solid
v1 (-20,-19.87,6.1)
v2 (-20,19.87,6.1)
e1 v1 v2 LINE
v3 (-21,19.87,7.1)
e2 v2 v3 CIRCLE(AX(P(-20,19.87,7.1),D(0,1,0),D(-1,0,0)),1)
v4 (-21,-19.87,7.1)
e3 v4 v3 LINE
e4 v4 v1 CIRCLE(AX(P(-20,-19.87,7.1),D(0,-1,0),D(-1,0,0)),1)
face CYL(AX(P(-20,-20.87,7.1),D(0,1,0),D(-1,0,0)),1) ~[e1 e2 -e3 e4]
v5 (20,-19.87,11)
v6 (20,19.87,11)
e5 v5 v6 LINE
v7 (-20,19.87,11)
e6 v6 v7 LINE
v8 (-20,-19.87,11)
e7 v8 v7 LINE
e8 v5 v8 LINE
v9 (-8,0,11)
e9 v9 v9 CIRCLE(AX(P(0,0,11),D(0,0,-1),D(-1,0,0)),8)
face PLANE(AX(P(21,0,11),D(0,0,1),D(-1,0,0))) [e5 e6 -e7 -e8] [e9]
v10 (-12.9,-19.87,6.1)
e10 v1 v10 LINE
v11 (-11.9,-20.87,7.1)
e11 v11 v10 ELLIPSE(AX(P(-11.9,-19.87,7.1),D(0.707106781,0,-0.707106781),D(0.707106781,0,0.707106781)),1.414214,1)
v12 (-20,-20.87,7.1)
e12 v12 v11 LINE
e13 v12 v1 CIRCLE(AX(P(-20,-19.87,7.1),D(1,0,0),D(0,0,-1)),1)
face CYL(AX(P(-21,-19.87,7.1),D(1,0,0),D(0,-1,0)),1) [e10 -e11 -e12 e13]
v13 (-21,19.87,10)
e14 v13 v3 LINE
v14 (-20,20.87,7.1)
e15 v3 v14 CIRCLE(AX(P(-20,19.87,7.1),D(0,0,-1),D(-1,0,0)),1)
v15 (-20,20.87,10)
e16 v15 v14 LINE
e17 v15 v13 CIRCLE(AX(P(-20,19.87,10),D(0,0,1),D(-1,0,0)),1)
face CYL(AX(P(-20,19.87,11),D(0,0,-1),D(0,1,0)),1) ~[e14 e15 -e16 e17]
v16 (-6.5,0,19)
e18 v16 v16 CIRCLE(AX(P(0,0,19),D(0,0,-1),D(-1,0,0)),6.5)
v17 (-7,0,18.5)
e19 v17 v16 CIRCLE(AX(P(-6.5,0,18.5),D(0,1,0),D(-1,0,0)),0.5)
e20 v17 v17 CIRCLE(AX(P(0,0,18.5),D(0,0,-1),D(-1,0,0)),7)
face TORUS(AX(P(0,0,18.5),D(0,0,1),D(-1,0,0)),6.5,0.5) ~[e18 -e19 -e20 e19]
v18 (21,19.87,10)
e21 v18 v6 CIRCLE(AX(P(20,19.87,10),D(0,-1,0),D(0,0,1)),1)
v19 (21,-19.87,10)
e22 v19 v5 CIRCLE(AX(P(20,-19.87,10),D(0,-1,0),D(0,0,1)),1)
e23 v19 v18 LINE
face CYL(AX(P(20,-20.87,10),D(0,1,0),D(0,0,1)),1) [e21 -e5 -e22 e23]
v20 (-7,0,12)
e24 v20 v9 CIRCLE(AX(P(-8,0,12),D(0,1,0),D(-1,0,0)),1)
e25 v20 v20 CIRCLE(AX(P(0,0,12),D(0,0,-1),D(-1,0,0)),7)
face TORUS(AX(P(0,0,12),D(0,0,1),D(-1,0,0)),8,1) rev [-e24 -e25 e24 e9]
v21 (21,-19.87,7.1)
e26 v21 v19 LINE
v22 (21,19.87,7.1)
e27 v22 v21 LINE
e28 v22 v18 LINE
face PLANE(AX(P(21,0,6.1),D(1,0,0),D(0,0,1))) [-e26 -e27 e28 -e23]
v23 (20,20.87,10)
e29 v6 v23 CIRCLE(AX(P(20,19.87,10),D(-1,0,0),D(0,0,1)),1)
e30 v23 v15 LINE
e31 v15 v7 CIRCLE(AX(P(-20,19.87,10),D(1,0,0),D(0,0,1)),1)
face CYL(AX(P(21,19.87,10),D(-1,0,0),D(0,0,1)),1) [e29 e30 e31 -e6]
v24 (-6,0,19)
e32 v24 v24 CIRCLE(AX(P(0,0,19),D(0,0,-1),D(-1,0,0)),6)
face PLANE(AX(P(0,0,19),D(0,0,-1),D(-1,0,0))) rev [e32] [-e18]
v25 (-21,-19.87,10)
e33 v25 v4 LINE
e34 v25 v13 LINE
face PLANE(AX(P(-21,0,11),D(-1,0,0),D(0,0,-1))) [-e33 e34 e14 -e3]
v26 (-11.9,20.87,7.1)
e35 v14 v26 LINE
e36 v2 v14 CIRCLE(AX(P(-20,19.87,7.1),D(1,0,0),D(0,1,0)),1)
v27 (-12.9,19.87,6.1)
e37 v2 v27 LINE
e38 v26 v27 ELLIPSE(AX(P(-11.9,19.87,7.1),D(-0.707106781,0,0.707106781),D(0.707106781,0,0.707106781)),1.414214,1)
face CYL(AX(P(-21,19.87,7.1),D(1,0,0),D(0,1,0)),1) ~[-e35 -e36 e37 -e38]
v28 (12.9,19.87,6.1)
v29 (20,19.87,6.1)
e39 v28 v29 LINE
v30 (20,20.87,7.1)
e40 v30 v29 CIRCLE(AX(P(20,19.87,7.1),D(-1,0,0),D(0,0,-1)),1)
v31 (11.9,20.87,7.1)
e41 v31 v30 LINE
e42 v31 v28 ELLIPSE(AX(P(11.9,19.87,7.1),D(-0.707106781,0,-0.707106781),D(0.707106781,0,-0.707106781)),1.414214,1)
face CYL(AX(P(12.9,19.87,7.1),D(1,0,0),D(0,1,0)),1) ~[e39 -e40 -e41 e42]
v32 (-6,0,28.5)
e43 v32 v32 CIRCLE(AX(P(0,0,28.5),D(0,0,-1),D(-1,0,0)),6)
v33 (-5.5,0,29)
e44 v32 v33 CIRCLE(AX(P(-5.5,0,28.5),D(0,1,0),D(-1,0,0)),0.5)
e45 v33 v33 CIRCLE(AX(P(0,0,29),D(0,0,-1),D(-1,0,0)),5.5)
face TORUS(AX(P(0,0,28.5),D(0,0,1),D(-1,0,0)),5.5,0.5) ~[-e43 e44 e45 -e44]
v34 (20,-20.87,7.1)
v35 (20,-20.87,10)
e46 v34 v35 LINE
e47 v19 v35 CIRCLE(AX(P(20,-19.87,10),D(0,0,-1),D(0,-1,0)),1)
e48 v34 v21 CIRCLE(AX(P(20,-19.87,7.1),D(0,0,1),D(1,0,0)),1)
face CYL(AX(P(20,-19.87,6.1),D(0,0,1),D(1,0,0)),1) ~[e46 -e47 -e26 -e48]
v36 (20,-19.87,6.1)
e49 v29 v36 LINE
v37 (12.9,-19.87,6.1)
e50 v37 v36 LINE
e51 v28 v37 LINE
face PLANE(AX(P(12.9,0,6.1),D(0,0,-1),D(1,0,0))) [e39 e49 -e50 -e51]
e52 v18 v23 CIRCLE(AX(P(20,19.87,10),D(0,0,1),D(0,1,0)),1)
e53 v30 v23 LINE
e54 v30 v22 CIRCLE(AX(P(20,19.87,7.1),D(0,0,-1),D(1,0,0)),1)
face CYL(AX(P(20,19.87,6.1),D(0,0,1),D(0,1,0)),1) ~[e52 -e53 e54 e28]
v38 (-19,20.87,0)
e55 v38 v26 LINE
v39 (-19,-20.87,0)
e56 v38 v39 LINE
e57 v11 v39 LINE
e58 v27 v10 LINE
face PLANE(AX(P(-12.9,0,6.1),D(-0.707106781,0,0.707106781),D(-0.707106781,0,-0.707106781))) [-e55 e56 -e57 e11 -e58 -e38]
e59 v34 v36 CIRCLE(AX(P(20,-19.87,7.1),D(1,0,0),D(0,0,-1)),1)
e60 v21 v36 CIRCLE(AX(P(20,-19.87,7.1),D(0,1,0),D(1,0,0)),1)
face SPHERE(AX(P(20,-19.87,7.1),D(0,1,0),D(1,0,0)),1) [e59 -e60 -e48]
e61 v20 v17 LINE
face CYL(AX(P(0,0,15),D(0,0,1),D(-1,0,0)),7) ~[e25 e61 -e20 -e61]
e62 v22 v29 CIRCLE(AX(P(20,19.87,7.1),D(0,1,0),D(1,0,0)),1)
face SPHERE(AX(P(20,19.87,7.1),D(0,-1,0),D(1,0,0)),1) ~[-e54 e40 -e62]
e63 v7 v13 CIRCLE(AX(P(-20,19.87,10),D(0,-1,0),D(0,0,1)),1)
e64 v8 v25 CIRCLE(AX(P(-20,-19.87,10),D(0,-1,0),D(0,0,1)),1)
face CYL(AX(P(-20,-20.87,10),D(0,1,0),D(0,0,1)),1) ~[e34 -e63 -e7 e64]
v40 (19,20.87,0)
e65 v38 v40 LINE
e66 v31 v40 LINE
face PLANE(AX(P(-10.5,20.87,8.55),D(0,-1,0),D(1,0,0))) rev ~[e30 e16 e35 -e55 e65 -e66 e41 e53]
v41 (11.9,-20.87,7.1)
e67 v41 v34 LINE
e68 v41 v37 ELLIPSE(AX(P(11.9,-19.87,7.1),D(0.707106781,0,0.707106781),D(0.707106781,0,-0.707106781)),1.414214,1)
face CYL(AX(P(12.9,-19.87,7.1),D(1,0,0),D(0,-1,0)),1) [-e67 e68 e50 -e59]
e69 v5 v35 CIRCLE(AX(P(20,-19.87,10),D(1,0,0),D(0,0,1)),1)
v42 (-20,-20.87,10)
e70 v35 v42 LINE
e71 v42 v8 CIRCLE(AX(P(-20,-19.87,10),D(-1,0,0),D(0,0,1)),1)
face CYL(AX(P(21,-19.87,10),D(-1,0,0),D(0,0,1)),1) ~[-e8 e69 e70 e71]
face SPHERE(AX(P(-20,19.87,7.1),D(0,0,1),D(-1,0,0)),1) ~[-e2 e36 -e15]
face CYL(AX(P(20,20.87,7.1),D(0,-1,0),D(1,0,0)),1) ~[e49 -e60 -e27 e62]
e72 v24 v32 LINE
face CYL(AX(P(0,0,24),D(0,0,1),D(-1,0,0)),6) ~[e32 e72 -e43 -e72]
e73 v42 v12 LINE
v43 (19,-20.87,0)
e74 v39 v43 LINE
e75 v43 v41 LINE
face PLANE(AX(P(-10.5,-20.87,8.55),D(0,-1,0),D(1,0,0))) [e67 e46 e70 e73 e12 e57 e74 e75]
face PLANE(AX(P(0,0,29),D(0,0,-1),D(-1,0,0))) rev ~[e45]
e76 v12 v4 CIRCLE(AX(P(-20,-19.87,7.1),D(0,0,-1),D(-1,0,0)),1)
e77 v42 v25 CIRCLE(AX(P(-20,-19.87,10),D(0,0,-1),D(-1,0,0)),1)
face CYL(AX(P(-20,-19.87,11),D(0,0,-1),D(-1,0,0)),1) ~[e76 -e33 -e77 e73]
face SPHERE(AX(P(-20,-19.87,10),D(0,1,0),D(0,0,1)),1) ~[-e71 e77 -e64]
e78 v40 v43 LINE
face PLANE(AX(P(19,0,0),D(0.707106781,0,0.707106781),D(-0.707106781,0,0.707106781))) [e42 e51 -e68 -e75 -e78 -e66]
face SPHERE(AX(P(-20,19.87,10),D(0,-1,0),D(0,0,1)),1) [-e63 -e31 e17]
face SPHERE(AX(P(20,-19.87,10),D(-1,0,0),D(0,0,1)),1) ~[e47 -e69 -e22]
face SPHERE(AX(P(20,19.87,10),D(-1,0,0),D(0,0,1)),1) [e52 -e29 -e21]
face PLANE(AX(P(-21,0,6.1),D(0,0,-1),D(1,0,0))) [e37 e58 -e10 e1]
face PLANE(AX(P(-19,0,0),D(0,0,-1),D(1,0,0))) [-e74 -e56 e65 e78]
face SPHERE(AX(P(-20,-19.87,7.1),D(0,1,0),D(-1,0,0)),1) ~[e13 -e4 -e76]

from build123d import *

# Parameters (mm, degrees)
F1_DEPTH = 20.87
F2_W     = 6
F2_H     = 8
F2_W_2   = 1
F2_H_2   = 10
F4_R     = 0.5
F5_R     = 1


with BuildPart() as f1:
    # F0 (on Front) → F1 (new body, symmetric)
    with BuildSketch(Plane.XZ):
        Polygon((-21, 6.1), (-12.9, 6.1), (0, 6.1), (0, 11), (-6, 11), (-7, 11), (-21, 11), align=None)
        Polygon((0, 11), (0, 6.1), (12.9, 6.1), (21, 6.1), (21, 11), (7, 11), (6, 11), align=None)
        Polygon((-12.9, 6.1), (-19, 0), (0, 0), (19, 0), (12.9, 6.1), (0, 6.1), align=None)
    extrude(amount=F1_DEPTH, both=True)

    # F2 (on Front) → F3 (revolve)
    with BuildSketch(Plane.XZ):
        with Locations((-3, 15)):
            Rectangle(F2_W, F2_H)
        with Locations((-6.5, 15)):
            Rectangle(F2_W_2, F2_H)
        with Locations((-3, 24)):
            Rectangle(F2_W, F2_H_2)
    revolve(axis=Axis((0, 0, 20), (0, 0, -1)))

    # F4
    f4_edges = [f1.edges().sort_by_distance(p)[0] for p in [
        (6, 0, 29),
        (7, 0, 19),
    ]]
    fillet(f4_edges, radius=F4_R)

    # F5
    f5_edges = [f1.edges().sort_by_distance(p)[0] for p in [
        (-21, 0, 11),
        (0, -20.87, 11),
        (0, 20.87, 11),
        (21, 0, 11),
        (7, 0, 11),
        (-21, 20.87, 8.55),
        (-21, 0, 6.1),
        (-21, -20.87, 8.55),
        (21, 0, 6.1),
        (21, 20.87, 8.55),
        (21, -20.87, 8.55),
        (16.95, 20.87, 6.1),
        (-16.95, 20.87, 6.1),
        (-16.95, -20.87, 6.1),
        (16.95, -20.87, 6.1),
    ]]
    fillet(f5_edges, radius=F5_R)


solid = f1.part
